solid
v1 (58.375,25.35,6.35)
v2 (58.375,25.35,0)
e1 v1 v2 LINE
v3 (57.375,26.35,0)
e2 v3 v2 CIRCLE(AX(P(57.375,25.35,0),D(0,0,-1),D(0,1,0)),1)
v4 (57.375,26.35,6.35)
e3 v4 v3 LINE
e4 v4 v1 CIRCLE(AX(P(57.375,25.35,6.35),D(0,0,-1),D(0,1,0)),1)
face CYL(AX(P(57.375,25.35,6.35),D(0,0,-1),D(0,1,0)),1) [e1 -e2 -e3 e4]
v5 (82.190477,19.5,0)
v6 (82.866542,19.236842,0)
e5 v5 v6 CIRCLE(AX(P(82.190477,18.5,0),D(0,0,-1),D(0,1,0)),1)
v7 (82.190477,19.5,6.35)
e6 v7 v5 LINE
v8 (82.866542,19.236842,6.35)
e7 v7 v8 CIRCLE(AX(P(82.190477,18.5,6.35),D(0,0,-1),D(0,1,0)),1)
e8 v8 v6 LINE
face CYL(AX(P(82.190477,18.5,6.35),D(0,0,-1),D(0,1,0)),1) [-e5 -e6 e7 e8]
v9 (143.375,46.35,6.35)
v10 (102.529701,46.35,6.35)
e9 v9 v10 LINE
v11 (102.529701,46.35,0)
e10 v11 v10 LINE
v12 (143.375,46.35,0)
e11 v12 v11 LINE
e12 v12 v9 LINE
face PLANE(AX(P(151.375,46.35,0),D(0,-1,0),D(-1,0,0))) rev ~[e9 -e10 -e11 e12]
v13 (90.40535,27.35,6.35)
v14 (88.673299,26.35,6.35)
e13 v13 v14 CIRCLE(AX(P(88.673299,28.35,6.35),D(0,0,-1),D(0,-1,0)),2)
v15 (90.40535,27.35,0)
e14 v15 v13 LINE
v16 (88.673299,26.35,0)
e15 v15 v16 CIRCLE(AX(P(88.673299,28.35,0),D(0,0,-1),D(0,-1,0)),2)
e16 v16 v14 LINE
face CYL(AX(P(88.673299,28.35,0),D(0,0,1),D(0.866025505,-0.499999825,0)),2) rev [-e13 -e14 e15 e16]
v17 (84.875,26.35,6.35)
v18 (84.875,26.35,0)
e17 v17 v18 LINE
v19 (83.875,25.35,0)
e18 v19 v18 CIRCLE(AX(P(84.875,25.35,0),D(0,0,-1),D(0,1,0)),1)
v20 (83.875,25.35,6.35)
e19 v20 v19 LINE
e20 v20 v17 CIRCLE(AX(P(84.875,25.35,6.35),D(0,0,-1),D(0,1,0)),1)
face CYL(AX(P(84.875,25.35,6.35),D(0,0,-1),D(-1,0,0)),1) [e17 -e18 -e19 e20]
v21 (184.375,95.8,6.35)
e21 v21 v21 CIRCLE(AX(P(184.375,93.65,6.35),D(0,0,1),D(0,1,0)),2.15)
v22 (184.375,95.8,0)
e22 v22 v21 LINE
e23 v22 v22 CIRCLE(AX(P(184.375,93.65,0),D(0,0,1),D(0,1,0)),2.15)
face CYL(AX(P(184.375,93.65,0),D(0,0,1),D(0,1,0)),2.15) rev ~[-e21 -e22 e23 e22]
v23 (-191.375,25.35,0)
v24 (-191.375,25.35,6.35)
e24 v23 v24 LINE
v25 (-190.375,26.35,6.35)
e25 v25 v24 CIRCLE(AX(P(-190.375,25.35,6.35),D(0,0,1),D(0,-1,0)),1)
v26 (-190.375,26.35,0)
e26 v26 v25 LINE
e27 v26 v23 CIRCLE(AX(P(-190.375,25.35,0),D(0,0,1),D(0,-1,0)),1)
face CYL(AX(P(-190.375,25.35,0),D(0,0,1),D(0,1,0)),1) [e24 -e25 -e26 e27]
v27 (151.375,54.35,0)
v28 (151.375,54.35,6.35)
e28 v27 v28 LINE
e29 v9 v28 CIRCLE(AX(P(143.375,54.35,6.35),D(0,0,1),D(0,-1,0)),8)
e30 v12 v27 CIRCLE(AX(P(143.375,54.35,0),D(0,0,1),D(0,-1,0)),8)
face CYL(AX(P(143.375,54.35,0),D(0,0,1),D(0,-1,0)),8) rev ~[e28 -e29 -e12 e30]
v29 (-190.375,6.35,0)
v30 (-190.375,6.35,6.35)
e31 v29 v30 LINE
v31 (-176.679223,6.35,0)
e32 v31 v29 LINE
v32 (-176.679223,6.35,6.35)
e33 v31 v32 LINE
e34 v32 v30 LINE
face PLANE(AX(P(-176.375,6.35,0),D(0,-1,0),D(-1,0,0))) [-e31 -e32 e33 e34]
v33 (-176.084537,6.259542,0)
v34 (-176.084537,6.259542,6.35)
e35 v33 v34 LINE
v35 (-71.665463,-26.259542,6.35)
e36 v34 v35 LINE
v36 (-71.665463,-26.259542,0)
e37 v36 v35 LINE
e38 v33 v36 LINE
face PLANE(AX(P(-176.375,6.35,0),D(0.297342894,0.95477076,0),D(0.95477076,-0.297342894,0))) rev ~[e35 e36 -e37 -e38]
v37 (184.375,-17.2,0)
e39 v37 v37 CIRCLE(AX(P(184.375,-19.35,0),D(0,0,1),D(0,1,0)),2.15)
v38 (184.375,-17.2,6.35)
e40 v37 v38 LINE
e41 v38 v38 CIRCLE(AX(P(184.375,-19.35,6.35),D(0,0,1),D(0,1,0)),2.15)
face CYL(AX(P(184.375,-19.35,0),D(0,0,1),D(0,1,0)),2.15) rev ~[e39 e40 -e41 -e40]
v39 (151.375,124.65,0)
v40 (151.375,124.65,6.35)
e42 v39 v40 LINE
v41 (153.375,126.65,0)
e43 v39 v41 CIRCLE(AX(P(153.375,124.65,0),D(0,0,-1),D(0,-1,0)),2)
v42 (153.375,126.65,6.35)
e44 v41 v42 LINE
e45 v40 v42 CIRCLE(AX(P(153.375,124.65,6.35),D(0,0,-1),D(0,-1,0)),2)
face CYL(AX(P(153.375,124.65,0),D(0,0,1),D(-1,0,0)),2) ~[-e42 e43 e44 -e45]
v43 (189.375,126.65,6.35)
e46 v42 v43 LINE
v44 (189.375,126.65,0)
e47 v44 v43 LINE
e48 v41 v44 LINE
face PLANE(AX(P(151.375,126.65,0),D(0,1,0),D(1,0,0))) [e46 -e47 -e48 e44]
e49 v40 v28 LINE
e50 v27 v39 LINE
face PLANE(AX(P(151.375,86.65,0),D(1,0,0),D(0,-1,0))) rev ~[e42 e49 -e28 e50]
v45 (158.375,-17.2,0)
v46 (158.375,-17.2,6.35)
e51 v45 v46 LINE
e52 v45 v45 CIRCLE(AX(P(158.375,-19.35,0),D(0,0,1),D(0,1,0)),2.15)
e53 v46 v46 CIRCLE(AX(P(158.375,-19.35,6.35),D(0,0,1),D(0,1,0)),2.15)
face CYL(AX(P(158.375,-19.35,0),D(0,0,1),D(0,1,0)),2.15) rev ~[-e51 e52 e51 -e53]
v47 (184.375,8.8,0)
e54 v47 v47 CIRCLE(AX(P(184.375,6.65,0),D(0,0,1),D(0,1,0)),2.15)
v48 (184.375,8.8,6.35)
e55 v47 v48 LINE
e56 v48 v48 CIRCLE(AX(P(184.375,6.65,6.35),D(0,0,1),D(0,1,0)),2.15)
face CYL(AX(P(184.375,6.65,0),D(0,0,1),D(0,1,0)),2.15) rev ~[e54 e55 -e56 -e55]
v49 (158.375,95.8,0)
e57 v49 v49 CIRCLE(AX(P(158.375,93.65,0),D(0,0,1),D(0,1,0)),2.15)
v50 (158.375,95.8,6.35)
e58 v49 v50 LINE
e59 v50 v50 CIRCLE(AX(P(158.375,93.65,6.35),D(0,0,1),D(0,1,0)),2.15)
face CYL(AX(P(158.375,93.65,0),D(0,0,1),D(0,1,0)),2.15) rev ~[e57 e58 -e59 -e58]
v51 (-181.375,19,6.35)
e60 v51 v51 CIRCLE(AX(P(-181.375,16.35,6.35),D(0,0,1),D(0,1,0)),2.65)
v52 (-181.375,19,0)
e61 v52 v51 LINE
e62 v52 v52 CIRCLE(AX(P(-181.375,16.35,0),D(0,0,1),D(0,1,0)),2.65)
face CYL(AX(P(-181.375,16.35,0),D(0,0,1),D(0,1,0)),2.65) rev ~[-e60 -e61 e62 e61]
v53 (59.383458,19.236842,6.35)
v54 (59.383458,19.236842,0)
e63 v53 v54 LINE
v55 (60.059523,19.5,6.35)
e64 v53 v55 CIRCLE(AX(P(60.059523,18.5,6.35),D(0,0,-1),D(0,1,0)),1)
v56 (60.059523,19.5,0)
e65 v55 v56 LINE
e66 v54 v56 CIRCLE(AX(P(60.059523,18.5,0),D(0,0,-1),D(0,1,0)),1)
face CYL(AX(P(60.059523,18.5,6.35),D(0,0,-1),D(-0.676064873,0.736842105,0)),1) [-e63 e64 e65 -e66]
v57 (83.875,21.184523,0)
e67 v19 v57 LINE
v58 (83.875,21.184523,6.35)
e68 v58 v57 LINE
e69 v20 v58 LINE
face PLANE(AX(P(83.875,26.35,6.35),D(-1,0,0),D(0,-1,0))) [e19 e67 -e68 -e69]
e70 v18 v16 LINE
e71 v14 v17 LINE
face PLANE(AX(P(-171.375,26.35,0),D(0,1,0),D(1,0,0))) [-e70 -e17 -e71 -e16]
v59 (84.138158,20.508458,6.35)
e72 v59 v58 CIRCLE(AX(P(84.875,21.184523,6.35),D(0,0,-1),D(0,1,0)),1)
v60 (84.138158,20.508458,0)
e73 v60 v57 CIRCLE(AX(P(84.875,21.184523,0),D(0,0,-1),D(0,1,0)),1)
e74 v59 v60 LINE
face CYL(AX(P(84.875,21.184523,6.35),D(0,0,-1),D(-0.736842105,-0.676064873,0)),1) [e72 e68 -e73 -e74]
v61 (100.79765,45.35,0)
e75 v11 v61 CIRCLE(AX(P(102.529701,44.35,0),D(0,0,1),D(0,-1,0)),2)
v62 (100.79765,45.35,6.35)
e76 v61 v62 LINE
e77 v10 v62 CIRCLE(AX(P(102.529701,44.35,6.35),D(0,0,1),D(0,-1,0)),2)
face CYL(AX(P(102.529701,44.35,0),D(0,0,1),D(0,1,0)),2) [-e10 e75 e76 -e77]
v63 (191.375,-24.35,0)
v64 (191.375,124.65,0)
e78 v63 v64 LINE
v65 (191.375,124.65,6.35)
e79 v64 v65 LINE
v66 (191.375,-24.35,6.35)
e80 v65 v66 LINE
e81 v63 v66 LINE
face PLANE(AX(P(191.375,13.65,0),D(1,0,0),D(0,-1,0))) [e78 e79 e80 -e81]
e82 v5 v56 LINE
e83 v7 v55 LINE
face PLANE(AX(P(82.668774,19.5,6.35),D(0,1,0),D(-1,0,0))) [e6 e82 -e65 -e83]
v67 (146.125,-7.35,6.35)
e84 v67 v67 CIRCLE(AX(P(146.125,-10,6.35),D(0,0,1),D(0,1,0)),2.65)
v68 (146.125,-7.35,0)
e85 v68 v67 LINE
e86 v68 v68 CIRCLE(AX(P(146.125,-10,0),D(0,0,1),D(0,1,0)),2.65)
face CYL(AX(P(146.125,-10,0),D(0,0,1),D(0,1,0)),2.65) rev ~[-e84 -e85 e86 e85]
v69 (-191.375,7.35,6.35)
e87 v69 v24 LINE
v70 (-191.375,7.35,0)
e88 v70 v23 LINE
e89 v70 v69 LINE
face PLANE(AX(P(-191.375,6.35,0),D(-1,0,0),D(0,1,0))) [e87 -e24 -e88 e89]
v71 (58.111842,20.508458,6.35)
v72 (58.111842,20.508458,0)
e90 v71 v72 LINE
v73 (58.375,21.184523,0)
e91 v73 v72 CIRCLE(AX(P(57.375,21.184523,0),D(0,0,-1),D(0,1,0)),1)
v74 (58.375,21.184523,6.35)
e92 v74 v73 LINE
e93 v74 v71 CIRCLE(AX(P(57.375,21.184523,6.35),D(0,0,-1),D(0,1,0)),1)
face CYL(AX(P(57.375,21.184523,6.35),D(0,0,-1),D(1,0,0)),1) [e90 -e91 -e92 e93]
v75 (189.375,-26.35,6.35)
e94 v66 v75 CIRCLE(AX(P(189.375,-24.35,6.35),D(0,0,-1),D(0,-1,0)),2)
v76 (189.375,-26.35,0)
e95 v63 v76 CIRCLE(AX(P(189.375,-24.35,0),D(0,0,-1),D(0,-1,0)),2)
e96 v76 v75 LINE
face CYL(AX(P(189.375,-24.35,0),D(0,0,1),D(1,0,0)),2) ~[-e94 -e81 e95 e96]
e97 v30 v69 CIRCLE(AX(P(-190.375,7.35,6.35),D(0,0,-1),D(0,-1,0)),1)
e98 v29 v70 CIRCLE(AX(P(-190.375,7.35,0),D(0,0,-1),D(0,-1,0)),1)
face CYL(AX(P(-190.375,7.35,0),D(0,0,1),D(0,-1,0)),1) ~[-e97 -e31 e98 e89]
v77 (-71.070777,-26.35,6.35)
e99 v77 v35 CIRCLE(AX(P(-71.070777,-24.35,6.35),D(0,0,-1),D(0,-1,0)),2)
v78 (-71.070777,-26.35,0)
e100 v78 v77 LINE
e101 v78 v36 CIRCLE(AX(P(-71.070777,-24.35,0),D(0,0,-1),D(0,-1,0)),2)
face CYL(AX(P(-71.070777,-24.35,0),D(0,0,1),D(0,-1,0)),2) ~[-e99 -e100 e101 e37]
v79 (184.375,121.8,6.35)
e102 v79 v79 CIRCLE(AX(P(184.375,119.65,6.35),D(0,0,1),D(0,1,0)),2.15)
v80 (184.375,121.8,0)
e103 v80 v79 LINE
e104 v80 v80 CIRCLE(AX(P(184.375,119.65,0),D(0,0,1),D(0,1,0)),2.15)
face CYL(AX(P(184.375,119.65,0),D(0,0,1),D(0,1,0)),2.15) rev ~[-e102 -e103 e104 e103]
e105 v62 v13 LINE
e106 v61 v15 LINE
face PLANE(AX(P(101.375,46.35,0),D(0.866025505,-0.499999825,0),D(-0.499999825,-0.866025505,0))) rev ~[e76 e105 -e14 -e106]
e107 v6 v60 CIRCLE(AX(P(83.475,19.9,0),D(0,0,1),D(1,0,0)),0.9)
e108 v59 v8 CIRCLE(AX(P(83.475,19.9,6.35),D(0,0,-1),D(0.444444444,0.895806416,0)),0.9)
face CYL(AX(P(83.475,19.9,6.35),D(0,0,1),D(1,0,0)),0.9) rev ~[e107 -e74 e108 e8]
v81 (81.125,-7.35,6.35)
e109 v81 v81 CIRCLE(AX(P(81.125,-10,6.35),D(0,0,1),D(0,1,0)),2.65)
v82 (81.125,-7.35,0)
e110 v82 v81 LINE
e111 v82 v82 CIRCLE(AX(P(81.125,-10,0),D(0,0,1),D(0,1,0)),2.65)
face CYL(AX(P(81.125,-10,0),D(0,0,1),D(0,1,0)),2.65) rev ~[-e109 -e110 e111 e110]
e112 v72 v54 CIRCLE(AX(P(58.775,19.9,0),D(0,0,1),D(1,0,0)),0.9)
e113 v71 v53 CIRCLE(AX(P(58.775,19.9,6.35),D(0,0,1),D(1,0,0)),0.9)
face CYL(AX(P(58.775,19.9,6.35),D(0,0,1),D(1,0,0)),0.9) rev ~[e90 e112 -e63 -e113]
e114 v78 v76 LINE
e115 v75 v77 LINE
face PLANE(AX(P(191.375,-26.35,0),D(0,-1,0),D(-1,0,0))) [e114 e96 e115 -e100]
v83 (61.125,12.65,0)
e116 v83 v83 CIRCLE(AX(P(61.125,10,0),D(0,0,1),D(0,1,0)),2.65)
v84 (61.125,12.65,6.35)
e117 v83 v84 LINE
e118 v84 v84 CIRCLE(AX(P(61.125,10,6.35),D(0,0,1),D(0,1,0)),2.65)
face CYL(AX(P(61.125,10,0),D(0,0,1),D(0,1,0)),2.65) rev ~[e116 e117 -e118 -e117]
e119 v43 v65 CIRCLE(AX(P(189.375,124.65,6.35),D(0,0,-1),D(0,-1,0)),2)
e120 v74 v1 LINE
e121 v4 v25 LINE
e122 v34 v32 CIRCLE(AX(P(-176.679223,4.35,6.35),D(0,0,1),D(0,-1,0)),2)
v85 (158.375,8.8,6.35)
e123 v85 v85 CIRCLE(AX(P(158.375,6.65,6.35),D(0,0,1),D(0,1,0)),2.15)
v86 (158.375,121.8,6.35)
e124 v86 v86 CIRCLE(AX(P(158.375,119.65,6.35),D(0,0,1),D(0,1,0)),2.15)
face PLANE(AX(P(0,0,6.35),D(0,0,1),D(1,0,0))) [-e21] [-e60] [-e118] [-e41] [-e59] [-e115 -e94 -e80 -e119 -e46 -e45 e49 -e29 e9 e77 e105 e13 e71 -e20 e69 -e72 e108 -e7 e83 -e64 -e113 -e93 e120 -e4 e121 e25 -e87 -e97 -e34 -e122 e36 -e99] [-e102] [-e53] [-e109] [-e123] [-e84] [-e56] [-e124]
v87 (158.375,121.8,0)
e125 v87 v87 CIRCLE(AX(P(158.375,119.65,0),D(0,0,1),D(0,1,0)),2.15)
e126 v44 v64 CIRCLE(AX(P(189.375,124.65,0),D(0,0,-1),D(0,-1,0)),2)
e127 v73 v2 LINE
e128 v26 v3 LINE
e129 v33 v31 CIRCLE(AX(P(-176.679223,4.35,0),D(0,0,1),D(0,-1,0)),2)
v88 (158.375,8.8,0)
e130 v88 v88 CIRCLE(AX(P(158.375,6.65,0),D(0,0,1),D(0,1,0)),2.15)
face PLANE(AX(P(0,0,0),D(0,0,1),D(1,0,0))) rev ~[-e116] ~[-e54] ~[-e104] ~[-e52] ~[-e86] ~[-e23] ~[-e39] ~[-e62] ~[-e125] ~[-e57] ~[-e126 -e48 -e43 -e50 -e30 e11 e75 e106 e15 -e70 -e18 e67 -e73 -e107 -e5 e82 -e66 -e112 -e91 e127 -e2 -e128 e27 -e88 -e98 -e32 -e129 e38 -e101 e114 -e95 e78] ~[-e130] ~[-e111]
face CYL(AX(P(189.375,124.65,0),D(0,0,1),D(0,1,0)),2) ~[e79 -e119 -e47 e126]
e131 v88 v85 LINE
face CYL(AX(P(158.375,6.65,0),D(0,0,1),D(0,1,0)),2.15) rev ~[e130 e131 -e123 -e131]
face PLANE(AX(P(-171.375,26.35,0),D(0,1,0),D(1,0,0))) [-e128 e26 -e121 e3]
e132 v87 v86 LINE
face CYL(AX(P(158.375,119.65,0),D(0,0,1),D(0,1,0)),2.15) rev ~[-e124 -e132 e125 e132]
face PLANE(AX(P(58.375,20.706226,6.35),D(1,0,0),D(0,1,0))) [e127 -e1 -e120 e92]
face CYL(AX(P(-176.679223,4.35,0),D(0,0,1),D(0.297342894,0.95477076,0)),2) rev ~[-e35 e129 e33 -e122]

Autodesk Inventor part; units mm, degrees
ref_plane "YZ Plane" through (0, 0, 0) normal (1, 0, 0) x (0, 1, 0)
ref_plane "XZ Plane" through (0, 0, 0) normal (0, 1, 0) x (-1, 0, 0)
ref_plane "XY Plane" through (0, 0, 0) normal (0, 0, 1) x (1, 0, 0)
sketch "Sketch1" plane through (0, 0, 0) normal (0, 0, 1) x (1, 0, 0)
  line L0 (191.375, -26.35) -> (-191.375, -26.35)
  line L1 (-191.375, -26.35) -> (-191.375, 26.35)
  line L2 (-191.375, 26.35) -> (191.375, 26.35)
  line L3 (191.375, 26.35) -> (191.375, -26.35)
  line L4 (191.375, -26.35) -> (-191.375, 26.35) construction
  line L5 (-191.375, -26.35) -> (191.375, 26.35) construction
  line L6 (-191.375, 26.35) -> (-171.375, 26.35)
  line L7 (-171.375, 26.35) -> (-171.375, 6.35)
  line L8 (-171.375, 6.35) -> (-191.375, 6.35)
  line L9 (-191.375, 6.35) -> (-191.375, 26.35)
  line L10 (-176.375, 6.35) -> (-71.375, -26.35)
  line L11 (-181.375, 6.35) -> (-181.375, 46.2875) construction
  line L12 (71.125, 20) -> (91.125, 20)
  line L13 (91.125, 20) -> (91.125, -20)
  line L14 (91.125, -20) -> (71.125, -20)
  line L15 (71.125, -20) -> (71.125, 20)
  line L16 (-190.125, 46.2875) -> (79.875, 46.2875) construction
  line L17 (79.875, 46.2875) -> (79.875, 38.35) construction
  line L18 (79.875, 38.35) -> (-190.125, 38.35) construction
  line L19 (-190.125, 38.35) -> (-190.125, 46.2875) construction
  line L20 (71.125, 46.2875) -> (-181.375, 46.2875) construction
  line L21 (191.375, -26.35) -> (151.375, -26.35)
  line L22 (151.375, -26.35) -> (151.375, 13.65)
  line L23 (151.375, 13.65) -> (191.375, 13.65)
  line L24 (191.375, 13.65) -> (191.375, -26.35)
  line L25 (191.375, -26.35) -> (151.375, 13.65) construction
  line L26 (151.375, -26.35) -> (191.375, 13.65) construction
  line L27 (184.375, -19.35) -> (158.375, -19.35) construction
  line L28 (158.375, -19.35) -> (158.375, 6.65) construction
  line L29 (158.375, 6.65) -> (184.375, 6.65) construction
  line L30 (184.375, 6.65) -> (184.375, -19.35) construction
  line L31 (184.375, -19.35) -> (158.375, 6.65) construction
  line L32 (158.375, -19.35) -> (184.375, 6.65) construction
  line L33 (191.375, 86.65) -> (151.375, 86.65)
  line L34 (151.375, 86.65) -> (151.375, 126.65)
  line L35 (151.375, 126.65) -> (191.375, 126.65)
  line L36 (191.375, 126.65) -> (191.375, 86.65)
  line L37 (191.375, 86.65) -> (151.375, 126.65) construction
  line L38 (151.375, 86.65) -> (191.375, 126.65) construction
  line L39 (184.375, 93.65) -> (158.375, 93.65) construction
  line L40 (158.375, 93.65) -> (158.375, 119.65) construction
  line L41 (158.375, 119.65) -> (184.375, 119.65) construction
  line L42 (184.375, 119.65) -> (184.375, 93.65) construction
  line L43 (184.375, 93.65) -> (158.375, 119.65) construction
  line L44 (158.375, 93.65) -> (184.375, 119.65) construction
  line L45 (191.375, 86.65) -> (191.375, 26.35)
  line L46 (151.375, 86.65) -> (151.375, 13.65)
  line L47 (171.375, -6.35) -> (211.375, -6.35) construction
  line L48 (-181.375, 26.3188) -> (-181.375, 6.35) construction
  line L49 (156.125, -20) -> (136.125, -20)
  line L50 (136.125, -20) -> (136.125, 0)
  line L51 (136.125, 0) -> (156.125, 0)
  line L52 (156.125, 0) -> (156.125, -20)
  line L53 (156.125, -20) -> (136.125, 0) construction
  line L54 (136.125, -20) -> (156.125, 0) construction
  line L55 (91.125, 20) -> (51.125, 20)
  line L56 (51.125, 20) -> (51.125, 0)
  line L57 (51.125, 0) -> (91.125, 0)
  line L58 (91.125, 0) -> (91.125, 20)
  line L59 (151.375, 46.35) -> (101.375, 46.35)
  line L60 (101.375, 46.35) -> (89.828, 26.35)
  point P0 (0, 0)
  point P1 (71.125, 0)
  point P2 (-55.125, 46.2875)
  point P3 (171.375, 106.65)
  point P4 (116.734, 26.35)
  point P5 (61.125, 10)
  point P6 (81.125, -10)
  point P7 (91.125, 0)
  point P8 (88.5805, 0)
  point P9 (81.125, 20)
  point P10 (146.125, -10)
  point P11 (146.125, -10)
  point P12 (51.125, 10)
  point P13 (81.125, -20)
  point P14 (-181.375, 16.35)
  point P15 (-191.375, 16.35)
  point P16 (-171.375, 26.35)
  point P17 (151.375, 26.35)
  dimension "d0" = 52.7
  dimension "d1" = 20
  dimension "d2" = 20
  dimension "d4" = 120
  dimension "d5" = 20
  dimension "d6" = 40
  dimension "d8" = 270
  dimension "d9" = 7.9375
  dimension "d10" = 12
  dimension "d11" = 40
  dimension "d12" = 40
  dimension "d13" = 26
  dimension "d14" = 26
  dimension "d15" = 40
  dimension "d16" = 40
  dimension "d17" = 26
  dimension "d18" = 26
  dimension "d19" = 153
  dimension "d20" = 40
  dimension "d21" = 226.5
  dimension "d22" = 15
  dimension "d35" = 20
  dimension "d47" = 20
  dimension "d48" = 20
  dimension "d49" = 45
  dimension "d57" = 252.5
  dimension "d58" = 10
  dimension "d59" = 10
  dimension "d69" = 120
  dimension "d70" = 50
extrude "Extrusion1" add sketch "Sketch1" along normal blind 6.35 contours L0 L22 L49 L52 L51 L23 L3 | L0 L10 L8 L7 L2 L46 L22 L51 L50 L49 | L23 L46 L2 L3 | L49 L50 L51 L22 | L22 L51 L52 L49 | L2 L46 L33 L45 | L8 L1 L2 L7 | L2 L60 L59 L46 | L33 L34 L35 L36 | L12 L13 L57 L15 | L15 L57 L56 L55 | L57 L13 L14 L15
fillet "Fillet2" radius 1 2 edges at (-191.375, 26.35, 3.175) (-191.375, 6.35, 3.175)
fillet "Fillet5" radius 8 1 edges at (151.375, 46.35, 3.175)
fillet "Fillet3" radius 2 7 edges at (151.375, 126.65, 3.175) (191.375, 126.65, 3.175) (191.375, -26.35, 3.175) (89.828, 26.35, 3.175) (101.375, 46.35, 3.175) (-71.375, -26.35, 3.175) (-176.375, 6.35, 3.175)
hole "Hole1" at (61.125, 10, 0) at (81.125, -10, 0) at (146.125, -10, 0) at (-181.375, 16.35, 0) direction (0, 0, 1) diameter 5.3 end through all
hole "Hole2" at (184.375, 6.65, 0) at (158.375, 6.65, 0) at (158.375, -19.35, 0) at (184.375, -19.35, 0) at (184.375, 119.65, 0) at (158.375, 119.65, 0) at (158.375, 93.65, 0) at (184.375, 93.65, 0) direction (0, 0, 1) diameter 4.3 end through all
sketch "Sketch2" plane through (0, 0, 6.35) normal (0, 0, 1) x (1, 0, 0)
  line L0 (83.875, 19.5) -> (58.375, 19.5)
  line L1 (58.375, 19.5) -> (58.375, 26.35)
  line L2 (58.375, 26.35) -> (83.875, 26.35)
  line L3 (83.875, 26.35) -> (83.875, 19.5)
  line L4 (83.875, 19.5) -> (58.375, 26.35) construction
  line L5 (58.375, 19.5) -> (83.875, 26.35) construction
  circle A0 centre (61.125, 10) radius 2.65 projected
  circle A1 centre (81.125, -10) radius 2.65 projected
  line L6 (61.125, 10) -> (81.125, -10) construction
  line L7 (88.6733, 26.35) -> (-190.375, 26.35) construction
  circle A2 centre (58.775, 19.9) radius 0.9
  circle A3 centre (83.475, 19.9) radius 0.9
  line L8 (83.475, 25.95) -> (58.775, 25.95) construction
  line L9 (58.775, 25.95) -> (58.775, 19.9) construction
  line L10 (58.775, 19.9) -> (83.475, 19.9) construction
  line L11 (83.475, 19.9) -> (83.475, 25.95) construction
  line L12 (83.475, 25.95) -> (58.775, 19.9) construction
  line L13 (58.775, 25.95) -> (83.475, 19.9) construction
  point P0 (0, 0)
  point P1 (71.125, 22.925)
  point P2 (71.125, 0)
  point P3 (119.4481, 26.35)
  point P4 (58.375, 20.7062)
  point P5 (59.5812, 19.5)
  point P6 (82.6688, 19.5)
  point P7 (83.875, 20.7062)
  point P8 (194.625, 26.35)
  point P9 (154.625, 26.35)
  point P10 (93.078, 26.35)
  dimension "d60" = 25.5
  dimension "d61" = 6.85
  dimension "d62" = 1.8
  dimension "d63" = 0.4
  dimension "d64" = 0.4
extrude "Extrusion2" cut sketch "Sketch2" against normal through all contours L3 A3 L0 | L0 A3 L3 | L0 A2 L1 L2 L3 A3 | A2 L1 L0 | L0 L1 A2
fillet "Fillet4" radius 1 6 edges at (83.875, 20.7062, 3.175) (82.6688, 19.5, 3.175) (59.5812, 19.5, 3.175) (58.375, 20.7062, 3.175) (58.375, 26.35, 3.175) (83.875, 26.35, 3.175)
properties part number "Z-Axis Support Plates" material "Aluminum 6061"
